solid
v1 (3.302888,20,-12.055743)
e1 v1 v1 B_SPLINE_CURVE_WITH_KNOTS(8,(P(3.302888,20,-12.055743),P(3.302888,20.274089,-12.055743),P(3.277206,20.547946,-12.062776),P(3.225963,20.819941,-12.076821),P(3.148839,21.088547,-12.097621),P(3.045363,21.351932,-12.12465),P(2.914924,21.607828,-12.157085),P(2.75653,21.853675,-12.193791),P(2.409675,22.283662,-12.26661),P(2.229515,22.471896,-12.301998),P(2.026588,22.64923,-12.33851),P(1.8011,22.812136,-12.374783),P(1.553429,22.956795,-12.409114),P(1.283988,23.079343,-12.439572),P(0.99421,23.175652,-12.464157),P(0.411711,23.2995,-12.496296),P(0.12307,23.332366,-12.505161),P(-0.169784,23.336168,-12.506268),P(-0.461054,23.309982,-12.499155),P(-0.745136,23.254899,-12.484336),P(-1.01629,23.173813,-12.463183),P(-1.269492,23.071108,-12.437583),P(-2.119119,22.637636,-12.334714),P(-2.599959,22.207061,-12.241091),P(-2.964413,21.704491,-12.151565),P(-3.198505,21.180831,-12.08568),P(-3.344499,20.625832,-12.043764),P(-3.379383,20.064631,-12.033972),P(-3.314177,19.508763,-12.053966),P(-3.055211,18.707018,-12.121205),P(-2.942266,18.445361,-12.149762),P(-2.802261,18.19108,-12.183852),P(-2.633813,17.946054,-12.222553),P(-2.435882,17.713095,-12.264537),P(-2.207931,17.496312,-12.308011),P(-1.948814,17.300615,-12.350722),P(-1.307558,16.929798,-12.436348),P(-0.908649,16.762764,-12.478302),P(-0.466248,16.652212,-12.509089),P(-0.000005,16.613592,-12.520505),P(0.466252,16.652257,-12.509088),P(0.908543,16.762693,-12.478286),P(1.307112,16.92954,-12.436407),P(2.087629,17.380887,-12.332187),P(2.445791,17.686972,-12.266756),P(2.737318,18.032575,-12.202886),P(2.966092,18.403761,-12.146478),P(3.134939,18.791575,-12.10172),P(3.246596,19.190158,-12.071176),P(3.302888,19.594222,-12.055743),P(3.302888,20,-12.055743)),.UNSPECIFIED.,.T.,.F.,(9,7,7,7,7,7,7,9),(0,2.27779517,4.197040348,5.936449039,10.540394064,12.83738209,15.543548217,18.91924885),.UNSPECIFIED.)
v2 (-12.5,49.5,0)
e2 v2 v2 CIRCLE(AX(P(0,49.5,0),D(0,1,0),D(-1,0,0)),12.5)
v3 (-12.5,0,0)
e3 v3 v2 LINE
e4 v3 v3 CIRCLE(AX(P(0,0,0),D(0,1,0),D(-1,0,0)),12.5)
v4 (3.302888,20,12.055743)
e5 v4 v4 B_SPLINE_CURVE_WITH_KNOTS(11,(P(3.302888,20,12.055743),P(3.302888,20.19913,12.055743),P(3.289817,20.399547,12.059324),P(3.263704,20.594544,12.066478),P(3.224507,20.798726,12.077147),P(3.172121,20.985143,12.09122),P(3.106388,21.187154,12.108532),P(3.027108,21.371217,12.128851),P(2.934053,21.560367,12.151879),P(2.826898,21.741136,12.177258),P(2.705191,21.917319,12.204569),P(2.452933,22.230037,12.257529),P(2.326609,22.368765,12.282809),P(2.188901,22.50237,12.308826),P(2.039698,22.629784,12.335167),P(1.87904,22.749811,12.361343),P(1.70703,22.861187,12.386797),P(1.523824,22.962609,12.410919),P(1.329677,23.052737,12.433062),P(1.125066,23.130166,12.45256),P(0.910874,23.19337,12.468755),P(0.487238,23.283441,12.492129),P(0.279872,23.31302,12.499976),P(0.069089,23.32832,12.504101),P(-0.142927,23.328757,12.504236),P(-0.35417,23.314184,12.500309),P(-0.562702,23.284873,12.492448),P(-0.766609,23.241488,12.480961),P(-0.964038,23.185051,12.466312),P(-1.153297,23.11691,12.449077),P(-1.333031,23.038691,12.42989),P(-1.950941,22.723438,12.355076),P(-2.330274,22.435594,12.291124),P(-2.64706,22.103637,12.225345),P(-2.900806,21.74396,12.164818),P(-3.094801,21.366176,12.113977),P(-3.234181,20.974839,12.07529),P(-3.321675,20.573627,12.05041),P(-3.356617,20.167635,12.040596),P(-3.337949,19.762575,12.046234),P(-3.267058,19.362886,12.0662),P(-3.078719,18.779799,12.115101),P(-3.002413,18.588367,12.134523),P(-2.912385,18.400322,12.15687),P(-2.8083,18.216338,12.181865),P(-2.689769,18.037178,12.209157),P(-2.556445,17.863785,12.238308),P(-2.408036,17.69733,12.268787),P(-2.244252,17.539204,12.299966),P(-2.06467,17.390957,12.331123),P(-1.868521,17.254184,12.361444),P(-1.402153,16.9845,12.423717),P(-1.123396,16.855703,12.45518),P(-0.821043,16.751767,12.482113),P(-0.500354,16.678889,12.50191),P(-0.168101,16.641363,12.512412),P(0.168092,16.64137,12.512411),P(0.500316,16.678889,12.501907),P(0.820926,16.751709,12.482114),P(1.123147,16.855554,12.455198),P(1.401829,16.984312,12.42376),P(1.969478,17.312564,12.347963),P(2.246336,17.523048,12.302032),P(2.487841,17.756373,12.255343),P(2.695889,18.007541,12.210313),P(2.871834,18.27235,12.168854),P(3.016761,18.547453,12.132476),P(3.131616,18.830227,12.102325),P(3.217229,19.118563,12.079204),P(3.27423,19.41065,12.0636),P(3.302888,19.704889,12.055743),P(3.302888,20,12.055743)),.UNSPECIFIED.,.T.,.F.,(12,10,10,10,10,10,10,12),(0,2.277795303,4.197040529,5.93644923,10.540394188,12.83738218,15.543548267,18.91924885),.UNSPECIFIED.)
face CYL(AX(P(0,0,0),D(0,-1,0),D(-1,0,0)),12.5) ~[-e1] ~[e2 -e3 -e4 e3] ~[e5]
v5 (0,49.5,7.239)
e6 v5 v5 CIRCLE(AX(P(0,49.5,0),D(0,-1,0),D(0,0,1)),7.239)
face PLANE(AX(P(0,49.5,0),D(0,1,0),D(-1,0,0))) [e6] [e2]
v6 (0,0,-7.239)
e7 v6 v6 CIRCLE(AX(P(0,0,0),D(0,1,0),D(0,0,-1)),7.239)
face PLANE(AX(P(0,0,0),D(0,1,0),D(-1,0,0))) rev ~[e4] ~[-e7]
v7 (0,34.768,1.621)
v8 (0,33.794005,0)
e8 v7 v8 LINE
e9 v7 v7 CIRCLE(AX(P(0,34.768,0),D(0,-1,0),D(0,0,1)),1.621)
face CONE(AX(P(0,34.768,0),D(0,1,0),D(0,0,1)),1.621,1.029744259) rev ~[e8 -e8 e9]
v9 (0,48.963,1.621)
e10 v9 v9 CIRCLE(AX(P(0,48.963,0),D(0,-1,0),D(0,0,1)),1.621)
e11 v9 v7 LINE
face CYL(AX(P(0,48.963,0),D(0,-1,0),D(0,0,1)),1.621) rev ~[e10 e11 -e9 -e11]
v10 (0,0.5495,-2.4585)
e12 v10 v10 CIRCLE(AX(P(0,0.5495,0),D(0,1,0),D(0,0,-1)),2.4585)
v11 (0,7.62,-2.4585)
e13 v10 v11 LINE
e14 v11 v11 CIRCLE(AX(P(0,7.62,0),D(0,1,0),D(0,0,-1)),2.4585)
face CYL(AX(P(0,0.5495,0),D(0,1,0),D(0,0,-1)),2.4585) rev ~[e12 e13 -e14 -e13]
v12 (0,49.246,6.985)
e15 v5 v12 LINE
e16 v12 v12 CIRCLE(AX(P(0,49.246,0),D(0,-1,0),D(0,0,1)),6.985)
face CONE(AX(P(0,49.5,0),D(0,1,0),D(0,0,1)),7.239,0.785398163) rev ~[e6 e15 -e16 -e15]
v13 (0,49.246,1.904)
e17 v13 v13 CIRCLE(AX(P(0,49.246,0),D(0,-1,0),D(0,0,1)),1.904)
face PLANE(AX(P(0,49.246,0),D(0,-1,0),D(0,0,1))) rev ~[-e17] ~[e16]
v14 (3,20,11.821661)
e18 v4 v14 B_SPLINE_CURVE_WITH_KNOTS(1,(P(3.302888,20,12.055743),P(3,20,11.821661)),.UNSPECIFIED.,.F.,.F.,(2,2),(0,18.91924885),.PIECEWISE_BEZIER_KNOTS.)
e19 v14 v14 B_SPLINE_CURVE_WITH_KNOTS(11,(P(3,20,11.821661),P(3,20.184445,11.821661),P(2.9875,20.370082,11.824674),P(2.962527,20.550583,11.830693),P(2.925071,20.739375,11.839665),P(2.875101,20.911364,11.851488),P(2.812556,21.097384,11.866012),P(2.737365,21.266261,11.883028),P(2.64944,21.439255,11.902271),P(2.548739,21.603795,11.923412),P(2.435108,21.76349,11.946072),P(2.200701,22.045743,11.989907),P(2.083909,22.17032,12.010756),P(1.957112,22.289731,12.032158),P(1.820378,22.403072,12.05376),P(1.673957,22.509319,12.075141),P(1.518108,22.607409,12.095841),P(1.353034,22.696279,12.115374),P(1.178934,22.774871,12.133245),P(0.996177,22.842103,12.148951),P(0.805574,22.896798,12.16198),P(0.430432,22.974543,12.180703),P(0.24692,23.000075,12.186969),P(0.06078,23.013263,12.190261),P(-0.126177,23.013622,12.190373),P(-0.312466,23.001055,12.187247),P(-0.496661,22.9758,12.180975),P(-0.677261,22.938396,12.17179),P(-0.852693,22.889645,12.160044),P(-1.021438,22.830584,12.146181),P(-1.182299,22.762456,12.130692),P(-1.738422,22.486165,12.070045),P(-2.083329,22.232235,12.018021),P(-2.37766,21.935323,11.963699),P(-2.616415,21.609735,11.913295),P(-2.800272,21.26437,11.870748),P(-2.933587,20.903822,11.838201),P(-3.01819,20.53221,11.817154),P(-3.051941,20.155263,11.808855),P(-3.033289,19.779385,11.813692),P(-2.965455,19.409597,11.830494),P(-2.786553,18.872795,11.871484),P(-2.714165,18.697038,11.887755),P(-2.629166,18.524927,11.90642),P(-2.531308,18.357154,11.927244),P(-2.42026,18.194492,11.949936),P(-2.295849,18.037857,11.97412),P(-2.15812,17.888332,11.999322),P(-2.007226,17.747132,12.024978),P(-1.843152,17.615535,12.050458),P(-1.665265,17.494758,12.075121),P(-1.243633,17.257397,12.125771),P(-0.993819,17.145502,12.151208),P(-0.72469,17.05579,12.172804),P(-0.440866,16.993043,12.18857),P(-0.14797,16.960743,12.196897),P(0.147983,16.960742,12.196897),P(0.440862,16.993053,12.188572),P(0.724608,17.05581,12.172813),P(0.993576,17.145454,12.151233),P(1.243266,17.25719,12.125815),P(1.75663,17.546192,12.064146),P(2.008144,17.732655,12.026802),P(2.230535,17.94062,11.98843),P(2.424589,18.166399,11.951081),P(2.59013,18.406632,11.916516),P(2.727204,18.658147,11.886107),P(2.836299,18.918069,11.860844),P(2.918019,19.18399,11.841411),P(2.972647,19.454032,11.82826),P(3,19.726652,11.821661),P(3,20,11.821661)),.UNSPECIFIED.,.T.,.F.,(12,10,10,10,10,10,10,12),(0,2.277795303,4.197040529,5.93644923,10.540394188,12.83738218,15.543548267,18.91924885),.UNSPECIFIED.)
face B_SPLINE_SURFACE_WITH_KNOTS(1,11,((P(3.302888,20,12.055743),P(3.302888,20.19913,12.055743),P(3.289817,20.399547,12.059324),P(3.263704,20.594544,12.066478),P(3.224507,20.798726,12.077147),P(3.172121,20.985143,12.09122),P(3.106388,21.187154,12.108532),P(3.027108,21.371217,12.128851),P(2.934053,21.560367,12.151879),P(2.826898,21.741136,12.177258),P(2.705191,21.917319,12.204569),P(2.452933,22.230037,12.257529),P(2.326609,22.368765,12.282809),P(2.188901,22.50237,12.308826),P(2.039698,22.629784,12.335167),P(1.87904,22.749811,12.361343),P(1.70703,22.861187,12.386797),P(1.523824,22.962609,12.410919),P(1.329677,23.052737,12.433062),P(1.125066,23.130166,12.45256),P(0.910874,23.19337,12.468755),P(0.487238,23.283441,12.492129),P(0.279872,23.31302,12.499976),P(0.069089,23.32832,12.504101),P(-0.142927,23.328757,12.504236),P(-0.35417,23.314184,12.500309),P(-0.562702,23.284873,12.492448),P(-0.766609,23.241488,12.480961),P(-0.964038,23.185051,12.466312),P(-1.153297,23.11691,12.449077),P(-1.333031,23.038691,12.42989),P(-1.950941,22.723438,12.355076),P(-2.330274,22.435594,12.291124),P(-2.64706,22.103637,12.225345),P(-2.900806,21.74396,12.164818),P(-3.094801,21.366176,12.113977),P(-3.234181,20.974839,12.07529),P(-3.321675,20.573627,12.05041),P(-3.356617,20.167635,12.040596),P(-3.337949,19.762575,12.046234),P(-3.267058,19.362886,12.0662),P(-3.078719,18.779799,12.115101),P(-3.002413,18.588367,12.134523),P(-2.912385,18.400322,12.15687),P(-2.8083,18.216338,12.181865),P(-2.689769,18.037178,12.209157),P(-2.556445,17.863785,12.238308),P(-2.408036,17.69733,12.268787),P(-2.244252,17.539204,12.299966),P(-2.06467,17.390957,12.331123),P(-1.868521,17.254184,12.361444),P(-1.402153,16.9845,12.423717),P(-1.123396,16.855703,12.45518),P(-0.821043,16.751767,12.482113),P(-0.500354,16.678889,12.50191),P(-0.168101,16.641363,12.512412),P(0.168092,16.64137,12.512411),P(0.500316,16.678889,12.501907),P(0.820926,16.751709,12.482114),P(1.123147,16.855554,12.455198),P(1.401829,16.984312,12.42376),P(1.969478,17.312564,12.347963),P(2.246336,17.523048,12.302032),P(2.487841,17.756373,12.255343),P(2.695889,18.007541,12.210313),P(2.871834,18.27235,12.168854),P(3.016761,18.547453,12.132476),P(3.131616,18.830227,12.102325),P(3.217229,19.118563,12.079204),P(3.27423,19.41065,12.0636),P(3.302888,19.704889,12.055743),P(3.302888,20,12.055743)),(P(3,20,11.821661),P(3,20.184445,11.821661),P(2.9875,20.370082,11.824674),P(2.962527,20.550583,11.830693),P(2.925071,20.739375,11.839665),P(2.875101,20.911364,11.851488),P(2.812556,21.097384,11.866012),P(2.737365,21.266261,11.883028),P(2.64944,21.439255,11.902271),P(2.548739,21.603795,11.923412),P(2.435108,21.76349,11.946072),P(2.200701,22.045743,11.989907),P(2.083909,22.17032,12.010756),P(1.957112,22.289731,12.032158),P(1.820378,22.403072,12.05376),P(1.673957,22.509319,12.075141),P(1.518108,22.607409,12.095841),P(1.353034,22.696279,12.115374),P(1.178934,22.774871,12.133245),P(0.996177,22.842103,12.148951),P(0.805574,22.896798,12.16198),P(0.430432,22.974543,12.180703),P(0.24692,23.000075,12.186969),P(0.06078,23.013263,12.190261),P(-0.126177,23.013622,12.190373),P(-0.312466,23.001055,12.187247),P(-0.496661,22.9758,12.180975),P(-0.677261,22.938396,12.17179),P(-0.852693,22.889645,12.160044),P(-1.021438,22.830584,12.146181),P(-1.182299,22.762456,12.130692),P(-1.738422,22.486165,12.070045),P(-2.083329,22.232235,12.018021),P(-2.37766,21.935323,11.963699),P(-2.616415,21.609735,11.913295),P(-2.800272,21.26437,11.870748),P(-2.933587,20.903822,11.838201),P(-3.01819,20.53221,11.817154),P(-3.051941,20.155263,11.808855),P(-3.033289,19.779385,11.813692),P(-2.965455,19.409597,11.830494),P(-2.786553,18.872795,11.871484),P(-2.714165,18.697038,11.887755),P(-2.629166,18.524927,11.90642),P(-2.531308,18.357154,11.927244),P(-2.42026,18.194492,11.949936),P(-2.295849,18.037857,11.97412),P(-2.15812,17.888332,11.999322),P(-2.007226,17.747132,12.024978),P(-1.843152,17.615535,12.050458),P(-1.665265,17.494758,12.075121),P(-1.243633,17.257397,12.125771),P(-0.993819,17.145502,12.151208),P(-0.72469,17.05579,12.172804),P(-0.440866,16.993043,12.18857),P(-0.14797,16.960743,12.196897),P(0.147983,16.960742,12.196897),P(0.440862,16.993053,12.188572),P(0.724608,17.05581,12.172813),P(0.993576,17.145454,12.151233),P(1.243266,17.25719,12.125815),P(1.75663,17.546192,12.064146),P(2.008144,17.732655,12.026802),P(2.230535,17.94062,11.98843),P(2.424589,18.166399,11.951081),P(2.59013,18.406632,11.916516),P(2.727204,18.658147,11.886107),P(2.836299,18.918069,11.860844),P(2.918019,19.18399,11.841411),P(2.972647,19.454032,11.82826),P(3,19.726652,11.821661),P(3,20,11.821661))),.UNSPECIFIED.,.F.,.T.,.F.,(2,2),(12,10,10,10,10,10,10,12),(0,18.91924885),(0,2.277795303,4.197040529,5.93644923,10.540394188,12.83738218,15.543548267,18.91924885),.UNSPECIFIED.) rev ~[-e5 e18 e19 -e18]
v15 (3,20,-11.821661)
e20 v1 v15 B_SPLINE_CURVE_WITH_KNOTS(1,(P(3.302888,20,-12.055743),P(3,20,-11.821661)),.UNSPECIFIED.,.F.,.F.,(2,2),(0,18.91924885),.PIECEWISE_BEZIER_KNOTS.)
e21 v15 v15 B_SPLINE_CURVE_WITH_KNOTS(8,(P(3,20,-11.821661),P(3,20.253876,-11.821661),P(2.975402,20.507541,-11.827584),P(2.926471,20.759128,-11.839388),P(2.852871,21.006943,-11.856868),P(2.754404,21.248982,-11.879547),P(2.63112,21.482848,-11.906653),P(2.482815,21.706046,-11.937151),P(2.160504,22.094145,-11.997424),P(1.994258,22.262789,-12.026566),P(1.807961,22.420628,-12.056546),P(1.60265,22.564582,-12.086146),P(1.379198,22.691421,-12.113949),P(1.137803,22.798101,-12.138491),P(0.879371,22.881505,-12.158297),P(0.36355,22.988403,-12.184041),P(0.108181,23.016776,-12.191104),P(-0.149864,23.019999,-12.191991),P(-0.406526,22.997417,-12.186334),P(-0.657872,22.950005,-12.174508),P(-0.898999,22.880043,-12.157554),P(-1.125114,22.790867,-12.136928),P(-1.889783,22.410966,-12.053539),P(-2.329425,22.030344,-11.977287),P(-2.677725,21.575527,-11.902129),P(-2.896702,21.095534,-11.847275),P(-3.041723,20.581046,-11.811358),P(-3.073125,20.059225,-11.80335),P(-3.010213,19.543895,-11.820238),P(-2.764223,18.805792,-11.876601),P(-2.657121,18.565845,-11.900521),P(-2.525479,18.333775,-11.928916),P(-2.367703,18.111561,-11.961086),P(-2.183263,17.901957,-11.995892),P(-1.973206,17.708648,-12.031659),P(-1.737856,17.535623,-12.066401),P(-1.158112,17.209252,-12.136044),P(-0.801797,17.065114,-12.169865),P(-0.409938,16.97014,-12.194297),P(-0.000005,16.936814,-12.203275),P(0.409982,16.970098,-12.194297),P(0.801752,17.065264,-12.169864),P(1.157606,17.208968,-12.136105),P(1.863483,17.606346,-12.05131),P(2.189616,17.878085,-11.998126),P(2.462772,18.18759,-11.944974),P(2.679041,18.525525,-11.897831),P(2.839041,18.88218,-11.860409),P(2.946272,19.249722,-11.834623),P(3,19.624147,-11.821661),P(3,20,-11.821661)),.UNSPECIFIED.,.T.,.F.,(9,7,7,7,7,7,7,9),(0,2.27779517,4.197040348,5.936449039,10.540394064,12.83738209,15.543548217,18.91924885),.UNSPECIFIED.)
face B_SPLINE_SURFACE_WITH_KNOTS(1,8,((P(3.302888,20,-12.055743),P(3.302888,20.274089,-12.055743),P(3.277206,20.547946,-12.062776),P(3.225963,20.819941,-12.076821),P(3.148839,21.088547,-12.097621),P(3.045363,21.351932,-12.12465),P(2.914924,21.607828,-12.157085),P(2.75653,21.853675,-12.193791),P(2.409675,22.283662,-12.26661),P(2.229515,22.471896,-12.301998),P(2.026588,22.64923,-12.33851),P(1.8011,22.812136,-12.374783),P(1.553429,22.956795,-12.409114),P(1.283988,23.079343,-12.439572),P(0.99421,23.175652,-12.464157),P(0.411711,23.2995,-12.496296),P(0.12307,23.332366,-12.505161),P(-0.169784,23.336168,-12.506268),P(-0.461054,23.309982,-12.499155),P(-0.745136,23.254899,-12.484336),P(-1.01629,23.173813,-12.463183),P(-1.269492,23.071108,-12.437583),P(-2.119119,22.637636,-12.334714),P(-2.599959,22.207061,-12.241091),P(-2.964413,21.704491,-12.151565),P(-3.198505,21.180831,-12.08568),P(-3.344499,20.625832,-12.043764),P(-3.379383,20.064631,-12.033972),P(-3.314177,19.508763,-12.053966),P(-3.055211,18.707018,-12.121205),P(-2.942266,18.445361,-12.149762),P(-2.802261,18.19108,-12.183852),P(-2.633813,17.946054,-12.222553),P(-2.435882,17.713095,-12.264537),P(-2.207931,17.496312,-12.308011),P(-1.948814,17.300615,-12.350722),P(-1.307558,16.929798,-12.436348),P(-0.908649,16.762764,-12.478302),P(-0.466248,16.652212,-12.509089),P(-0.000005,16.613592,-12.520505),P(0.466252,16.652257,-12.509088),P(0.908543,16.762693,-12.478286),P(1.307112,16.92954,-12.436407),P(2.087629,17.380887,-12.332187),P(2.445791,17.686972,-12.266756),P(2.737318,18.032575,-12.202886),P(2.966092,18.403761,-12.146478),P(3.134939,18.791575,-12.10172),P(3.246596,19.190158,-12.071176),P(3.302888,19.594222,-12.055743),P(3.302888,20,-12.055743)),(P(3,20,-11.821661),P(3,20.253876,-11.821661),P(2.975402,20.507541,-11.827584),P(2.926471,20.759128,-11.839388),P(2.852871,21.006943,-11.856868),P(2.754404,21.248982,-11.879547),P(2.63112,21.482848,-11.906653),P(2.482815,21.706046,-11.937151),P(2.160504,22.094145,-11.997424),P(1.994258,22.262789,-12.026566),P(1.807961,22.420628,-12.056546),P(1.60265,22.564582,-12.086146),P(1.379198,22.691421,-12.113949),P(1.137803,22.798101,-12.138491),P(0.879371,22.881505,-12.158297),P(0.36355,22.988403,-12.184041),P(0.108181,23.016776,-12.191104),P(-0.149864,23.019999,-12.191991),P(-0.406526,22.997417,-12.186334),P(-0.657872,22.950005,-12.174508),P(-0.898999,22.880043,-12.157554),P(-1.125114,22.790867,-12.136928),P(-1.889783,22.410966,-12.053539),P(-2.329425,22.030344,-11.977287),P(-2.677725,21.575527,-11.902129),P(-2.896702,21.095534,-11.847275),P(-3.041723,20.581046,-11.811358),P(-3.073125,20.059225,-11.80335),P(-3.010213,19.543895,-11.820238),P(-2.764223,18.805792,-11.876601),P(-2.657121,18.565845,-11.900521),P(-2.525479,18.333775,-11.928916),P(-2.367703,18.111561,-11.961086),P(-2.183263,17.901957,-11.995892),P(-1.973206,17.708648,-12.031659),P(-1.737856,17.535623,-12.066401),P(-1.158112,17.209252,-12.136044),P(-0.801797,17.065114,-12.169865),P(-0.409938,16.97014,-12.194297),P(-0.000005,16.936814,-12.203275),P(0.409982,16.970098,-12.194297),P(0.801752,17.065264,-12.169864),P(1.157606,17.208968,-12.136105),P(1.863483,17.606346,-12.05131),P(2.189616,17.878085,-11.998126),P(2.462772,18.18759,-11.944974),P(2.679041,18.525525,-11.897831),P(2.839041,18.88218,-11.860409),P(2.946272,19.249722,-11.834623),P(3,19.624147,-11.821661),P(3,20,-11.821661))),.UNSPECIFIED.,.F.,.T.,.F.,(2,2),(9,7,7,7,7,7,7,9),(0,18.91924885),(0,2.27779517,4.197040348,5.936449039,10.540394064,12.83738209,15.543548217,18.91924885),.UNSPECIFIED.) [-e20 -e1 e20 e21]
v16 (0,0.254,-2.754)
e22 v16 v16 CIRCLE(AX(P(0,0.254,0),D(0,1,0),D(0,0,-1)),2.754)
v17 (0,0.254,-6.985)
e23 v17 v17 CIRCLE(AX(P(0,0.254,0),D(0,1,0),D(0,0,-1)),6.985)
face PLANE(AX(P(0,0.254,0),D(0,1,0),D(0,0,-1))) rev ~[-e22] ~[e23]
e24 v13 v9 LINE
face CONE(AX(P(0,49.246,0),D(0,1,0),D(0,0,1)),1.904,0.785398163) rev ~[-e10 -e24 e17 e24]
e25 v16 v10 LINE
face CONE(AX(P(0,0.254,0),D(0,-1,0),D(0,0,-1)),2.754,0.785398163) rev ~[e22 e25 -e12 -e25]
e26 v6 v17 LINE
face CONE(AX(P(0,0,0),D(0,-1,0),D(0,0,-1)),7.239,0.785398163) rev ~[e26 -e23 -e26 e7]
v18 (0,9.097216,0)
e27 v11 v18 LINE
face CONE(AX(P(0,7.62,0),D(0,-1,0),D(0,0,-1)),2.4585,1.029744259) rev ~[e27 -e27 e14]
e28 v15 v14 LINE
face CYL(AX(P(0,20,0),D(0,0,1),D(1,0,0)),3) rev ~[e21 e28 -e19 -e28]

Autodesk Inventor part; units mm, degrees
ref_plane "YZ Plane" through (0, 0, 0) normal (1, 0, 0) x (0, 1, 0)
ref_plane "XZ Plane" through (0, 0, 0) normal (0, 1, 0) x (-1, 0, 0)
ref_plane "XY Plane" through (0, 0, 0) normal (0, 0, 1) x (1, 0, 0)
sketch "Sketch1" plane through (0, 0, 0) normal (0, 1, 0) x (-1, 0, 0)
  circle A0 centre (0, 0) radius 12.5
  dimension "d0" = 25
extrude "Extrusion1" add sketch "Sketch1" along normal blind 49.5
hole "ReliefTop" at (0, 49.5, 0) direction (0, -1, 0) diameter 13.97 depth 0.254 countersink diameter 14.478 countersink angle 90
hole "ReliefBottom" at (0, 0, 0) direction (0, 1, 0) diameter 13.97 depth 0.254 countersink diameter 14.478 countersink angle 90
hole "MountBottomM6" at (0, 0.254, 0) direction (0, 1, 0) diameter 4.917 depth 7.366 tip angle 118 countersink diameter 5.508 countersink angle 90 thread size "M6x1" class "6H" standard "ISO Metric profile"
hole "MountTopM4" at (0, 49.246, 0) direction (0, -1, 0) diameter 3.242 depth 14.478 tip angle 118 countersink diameter 3.808 countersink angle 90 thread size "M4x0.7" class "6H" standard "ISO Metric profile"
sketch "Sketch2" plane through (0, 0, 0) normal (0, 0, 1) x (1, 0, 0)
  circle A0 centre (0, 20) radius 3
  line L0 (-12.5, 0) -> (12.5, 0) projected
  line L1 (0, -4.6) -> (0, 27.6) projected
  point P0 (0, 0)
  dimension "d49" = 6
  dimension "d50" = 20
extrude "Extrusion2" cut sketch "Sketch2" along normal through all both and the other way through all
chamfer "Chamfer1" distance 0.313 angle 45 2 edges at (-3, 19.9998, 12.1347) (-3, 19.9998, -12.1347)
equation "\"d1\" = height"
equation "\"d5\" = reliefMinor"
equation "\"d7\" = reliefMajor"
equation "\"d10\" = reliefDepth"
equation "\"d14\" = reliefMinor"
equation "\"d16\" = reliefMajor"
equation "\"d19\" = reliefDepth"
equation "\"d25\" = chamferM6"
equation "\"d28\" = depthM6"
equation "\"d40\" = chamferM4"
equation "\"d43\" = depthM4"
equation "\"reliefDepth\" = 0.254"
equation "\"reliefMinor\" = 13.97"
equation "\"reliefMajor\" = 14.478"
equation "\"chamferM6\" = 5.508"
equation "\"chamferM4\" = 3.808"
equation "\"depthM6\" = 7.366"
equation "\"depthM4\" = 14.478"
equation "\"height\" = 49.5"
properties part number "PLS-P642H0495A00_M" material "Stainless Steel"
